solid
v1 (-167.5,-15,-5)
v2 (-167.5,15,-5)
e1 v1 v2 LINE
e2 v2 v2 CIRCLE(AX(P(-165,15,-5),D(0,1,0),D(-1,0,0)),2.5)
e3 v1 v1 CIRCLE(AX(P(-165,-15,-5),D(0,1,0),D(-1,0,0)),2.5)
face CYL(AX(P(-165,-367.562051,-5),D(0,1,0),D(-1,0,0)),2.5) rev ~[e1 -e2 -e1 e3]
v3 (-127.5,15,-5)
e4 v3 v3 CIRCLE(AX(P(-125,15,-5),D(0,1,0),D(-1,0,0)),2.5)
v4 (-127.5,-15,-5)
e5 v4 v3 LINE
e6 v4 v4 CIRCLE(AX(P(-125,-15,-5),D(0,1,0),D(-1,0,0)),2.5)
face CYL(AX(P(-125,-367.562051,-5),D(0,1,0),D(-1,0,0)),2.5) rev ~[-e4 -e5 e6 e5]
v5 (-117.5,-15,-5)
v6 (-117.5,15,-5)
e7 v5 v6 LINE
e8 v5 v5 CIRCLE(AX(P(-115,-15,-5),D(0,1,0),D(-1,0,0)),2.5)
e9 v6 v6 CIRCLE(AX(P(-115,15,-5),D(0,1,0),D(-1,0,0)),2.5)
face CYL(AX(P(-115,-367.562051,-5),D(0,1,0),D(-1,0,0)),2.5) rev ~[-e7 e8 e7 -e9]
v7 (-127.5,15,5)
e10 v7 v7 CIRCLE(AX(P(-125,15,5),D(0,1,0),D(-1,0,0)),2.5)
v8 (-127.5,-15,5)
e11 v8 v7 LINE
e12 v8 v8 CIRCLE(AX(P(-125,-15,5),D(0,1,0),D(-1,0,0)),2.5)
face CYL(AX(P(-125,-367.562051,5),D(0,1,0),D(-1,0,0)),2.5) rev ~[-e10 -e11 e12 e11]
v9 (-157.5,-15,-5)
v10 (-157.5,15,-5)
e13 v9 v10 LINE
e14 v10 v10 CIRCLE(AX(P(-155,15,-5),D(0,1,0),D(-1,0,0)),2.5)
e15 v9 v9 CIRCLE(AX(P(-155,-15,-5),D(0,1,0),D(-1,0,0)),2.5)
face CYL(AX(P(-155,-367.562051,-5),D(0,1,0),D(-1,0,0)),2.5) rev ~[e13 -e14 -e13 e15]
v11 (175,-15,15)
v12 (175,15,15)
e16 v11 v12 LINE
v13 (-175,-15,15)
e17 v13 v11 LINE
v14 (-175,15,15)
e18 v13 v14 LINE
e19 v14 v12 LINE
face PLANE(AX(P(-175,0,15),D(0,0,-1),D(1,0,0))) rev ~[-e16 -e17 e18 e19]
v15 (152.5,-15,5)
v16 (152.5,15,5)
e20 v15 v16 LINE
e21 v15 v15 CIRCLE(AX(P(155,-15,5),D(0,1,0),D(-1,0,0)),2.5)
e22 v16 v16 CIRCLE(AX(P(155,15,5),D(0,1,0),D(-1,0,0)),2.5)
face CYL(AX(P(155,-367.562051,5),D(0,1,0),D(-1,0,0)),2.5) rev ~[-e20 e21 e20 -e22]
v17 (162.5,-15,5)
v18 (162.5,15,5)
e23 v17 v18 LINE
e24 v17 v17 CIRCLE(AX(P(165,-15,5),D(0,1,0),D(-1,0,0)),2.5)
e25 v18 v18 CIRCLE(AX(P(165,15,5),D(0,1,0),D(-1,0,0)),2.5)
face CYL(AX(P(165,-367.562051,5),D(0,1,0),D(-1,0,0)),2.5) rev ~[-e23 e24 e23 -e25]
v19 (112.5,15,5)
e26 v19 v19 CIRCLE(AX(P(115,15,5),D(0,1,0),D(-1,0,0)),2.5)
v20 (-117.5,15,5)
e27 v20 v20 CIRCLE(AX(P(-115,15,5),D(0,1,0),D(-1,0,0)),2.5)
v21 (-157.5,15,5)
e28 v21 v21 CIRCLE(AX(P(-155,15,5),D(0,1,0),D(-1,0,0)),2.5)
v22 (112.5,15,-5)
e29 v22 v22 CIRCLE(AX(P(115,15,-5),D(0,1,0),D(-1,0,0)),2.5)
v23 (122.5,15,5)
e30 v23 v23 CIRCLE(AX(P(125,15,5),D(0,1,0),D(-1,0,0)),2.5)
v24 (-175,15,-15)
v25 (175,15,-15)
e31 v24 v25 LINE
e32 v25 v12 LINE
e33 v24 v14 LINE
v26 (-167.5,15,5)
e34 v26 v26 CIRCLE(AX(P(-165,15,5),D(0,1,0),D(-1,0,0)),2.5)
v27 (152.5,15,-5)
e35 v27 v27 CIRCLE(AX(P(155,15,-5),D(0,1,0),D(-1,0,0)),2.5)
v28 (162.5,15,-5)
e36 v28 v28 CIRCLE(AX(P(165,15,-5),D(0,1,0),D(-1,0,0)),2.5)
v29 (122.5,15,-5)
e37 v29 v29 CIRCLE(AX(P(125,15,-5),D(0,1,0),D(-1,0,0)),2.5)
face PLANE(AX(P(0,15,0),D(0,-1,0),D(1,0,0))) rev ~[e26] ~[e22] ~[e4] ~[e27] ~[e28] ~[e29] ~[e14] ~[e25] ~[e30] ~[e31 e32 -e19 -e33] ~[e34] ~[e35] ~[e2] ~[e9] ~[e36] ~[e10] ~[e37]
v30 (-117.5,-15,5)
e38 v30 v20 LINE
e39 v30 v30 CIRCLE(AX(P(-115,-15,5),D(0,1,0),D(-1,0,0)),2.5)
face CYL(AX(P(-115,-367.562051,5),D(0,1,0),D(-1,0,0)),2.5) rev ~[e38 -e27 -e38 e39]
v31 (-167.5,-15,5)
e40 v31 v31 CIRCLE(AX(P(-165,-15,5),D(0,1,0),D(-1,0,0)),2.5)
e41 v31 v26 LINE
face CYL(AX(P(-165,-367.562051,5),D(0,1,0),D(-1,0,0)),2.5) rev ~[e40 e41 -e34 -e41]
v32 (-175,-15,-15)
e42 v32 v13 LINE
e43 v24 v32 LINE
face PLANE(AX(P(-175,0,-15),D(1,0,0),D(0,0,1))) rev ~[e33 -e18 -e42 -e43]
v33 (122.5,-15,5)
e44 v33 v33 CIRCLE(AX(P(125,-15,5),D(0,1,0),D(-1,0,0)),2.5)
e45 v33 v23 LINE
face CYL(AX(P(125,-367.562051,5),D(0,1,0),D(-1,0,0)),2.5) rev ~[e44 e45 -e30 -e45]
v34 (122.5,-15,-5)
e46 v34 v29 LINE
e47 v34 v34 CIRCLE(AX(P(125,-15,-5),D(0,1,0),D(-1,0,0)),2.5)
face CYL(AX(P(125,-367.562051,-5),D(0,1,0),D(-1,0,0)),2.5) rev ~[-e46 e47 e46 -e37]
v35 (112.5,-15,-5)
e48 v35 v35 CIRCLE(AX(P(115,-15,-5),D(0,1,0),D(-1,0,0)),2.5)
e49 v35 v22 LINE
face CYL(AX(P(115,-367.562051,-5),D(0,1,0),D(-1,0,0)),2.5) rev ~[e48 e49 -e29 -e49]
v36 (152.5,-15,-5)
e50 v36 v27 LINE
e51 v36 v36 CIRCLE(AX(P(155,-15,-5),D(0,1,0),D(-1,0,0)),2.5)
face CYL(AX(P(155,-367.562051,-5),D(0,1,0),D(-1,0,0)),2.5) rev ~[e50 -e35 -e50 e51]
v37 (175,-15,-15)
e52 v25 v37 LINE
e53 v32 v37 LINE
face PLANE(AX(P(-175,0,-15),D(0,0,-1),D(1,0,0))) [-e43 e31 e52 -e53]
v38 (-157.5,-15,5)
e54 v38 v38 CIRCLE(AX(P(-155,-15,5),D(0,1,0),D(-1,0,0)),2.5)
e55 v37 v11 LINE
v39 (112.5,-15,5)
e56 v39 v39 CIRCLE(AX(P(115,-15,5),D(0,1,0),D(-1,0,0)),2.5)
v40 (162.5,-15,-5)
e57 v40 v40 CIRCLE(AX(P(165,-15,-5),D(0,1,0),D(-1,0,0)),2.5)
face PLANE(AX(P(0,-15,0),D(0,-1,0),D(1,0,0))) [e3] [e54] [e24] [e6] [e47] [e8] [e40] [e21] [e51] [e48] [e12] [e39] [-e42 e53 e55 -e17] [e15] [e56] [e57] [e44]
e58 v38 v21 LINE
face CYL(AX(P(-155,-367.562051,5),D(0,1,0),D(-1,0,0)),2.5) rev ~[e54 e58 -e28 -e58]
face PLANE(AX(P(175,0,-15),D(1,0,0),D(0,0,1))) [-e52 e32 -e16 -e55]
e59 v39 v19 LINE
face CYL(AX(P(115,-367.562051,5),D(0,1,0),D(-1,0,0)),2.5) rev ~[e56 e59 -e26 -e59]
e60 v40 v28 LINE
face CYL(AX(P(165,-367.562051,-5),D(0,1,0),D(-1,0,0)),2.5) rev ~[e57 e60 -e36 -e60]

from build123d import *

# Parameters (mm, degrees)
F0_W     = 350
F0_H     = 30
F1_DEPTH = 15
F3_D     = 5


with BuildPart() as f1:
    # F0 (on Front) → F1 (new body, symmetric)
    with BuildSketch(Plane.XZ):
        Rectangle(F0_W, F0_H)
    extrude(amount=F1_DEPTH, both=True)

    # F3 (through all)
    with Locations(Plane.XZ.offset(15)):
        with Locations((-165, 5), (-165, -5), (-155, 5), (-155, -5), (155, 5), (155, -5), (165, 5), (165, -5), (-125, 5), (-125, -5), (-115, 5), (-115, -5), (115, 5), (125, 5), (125, -5), (115, -5)):
            Hole(F3_D / 2)


solid = f1.part
